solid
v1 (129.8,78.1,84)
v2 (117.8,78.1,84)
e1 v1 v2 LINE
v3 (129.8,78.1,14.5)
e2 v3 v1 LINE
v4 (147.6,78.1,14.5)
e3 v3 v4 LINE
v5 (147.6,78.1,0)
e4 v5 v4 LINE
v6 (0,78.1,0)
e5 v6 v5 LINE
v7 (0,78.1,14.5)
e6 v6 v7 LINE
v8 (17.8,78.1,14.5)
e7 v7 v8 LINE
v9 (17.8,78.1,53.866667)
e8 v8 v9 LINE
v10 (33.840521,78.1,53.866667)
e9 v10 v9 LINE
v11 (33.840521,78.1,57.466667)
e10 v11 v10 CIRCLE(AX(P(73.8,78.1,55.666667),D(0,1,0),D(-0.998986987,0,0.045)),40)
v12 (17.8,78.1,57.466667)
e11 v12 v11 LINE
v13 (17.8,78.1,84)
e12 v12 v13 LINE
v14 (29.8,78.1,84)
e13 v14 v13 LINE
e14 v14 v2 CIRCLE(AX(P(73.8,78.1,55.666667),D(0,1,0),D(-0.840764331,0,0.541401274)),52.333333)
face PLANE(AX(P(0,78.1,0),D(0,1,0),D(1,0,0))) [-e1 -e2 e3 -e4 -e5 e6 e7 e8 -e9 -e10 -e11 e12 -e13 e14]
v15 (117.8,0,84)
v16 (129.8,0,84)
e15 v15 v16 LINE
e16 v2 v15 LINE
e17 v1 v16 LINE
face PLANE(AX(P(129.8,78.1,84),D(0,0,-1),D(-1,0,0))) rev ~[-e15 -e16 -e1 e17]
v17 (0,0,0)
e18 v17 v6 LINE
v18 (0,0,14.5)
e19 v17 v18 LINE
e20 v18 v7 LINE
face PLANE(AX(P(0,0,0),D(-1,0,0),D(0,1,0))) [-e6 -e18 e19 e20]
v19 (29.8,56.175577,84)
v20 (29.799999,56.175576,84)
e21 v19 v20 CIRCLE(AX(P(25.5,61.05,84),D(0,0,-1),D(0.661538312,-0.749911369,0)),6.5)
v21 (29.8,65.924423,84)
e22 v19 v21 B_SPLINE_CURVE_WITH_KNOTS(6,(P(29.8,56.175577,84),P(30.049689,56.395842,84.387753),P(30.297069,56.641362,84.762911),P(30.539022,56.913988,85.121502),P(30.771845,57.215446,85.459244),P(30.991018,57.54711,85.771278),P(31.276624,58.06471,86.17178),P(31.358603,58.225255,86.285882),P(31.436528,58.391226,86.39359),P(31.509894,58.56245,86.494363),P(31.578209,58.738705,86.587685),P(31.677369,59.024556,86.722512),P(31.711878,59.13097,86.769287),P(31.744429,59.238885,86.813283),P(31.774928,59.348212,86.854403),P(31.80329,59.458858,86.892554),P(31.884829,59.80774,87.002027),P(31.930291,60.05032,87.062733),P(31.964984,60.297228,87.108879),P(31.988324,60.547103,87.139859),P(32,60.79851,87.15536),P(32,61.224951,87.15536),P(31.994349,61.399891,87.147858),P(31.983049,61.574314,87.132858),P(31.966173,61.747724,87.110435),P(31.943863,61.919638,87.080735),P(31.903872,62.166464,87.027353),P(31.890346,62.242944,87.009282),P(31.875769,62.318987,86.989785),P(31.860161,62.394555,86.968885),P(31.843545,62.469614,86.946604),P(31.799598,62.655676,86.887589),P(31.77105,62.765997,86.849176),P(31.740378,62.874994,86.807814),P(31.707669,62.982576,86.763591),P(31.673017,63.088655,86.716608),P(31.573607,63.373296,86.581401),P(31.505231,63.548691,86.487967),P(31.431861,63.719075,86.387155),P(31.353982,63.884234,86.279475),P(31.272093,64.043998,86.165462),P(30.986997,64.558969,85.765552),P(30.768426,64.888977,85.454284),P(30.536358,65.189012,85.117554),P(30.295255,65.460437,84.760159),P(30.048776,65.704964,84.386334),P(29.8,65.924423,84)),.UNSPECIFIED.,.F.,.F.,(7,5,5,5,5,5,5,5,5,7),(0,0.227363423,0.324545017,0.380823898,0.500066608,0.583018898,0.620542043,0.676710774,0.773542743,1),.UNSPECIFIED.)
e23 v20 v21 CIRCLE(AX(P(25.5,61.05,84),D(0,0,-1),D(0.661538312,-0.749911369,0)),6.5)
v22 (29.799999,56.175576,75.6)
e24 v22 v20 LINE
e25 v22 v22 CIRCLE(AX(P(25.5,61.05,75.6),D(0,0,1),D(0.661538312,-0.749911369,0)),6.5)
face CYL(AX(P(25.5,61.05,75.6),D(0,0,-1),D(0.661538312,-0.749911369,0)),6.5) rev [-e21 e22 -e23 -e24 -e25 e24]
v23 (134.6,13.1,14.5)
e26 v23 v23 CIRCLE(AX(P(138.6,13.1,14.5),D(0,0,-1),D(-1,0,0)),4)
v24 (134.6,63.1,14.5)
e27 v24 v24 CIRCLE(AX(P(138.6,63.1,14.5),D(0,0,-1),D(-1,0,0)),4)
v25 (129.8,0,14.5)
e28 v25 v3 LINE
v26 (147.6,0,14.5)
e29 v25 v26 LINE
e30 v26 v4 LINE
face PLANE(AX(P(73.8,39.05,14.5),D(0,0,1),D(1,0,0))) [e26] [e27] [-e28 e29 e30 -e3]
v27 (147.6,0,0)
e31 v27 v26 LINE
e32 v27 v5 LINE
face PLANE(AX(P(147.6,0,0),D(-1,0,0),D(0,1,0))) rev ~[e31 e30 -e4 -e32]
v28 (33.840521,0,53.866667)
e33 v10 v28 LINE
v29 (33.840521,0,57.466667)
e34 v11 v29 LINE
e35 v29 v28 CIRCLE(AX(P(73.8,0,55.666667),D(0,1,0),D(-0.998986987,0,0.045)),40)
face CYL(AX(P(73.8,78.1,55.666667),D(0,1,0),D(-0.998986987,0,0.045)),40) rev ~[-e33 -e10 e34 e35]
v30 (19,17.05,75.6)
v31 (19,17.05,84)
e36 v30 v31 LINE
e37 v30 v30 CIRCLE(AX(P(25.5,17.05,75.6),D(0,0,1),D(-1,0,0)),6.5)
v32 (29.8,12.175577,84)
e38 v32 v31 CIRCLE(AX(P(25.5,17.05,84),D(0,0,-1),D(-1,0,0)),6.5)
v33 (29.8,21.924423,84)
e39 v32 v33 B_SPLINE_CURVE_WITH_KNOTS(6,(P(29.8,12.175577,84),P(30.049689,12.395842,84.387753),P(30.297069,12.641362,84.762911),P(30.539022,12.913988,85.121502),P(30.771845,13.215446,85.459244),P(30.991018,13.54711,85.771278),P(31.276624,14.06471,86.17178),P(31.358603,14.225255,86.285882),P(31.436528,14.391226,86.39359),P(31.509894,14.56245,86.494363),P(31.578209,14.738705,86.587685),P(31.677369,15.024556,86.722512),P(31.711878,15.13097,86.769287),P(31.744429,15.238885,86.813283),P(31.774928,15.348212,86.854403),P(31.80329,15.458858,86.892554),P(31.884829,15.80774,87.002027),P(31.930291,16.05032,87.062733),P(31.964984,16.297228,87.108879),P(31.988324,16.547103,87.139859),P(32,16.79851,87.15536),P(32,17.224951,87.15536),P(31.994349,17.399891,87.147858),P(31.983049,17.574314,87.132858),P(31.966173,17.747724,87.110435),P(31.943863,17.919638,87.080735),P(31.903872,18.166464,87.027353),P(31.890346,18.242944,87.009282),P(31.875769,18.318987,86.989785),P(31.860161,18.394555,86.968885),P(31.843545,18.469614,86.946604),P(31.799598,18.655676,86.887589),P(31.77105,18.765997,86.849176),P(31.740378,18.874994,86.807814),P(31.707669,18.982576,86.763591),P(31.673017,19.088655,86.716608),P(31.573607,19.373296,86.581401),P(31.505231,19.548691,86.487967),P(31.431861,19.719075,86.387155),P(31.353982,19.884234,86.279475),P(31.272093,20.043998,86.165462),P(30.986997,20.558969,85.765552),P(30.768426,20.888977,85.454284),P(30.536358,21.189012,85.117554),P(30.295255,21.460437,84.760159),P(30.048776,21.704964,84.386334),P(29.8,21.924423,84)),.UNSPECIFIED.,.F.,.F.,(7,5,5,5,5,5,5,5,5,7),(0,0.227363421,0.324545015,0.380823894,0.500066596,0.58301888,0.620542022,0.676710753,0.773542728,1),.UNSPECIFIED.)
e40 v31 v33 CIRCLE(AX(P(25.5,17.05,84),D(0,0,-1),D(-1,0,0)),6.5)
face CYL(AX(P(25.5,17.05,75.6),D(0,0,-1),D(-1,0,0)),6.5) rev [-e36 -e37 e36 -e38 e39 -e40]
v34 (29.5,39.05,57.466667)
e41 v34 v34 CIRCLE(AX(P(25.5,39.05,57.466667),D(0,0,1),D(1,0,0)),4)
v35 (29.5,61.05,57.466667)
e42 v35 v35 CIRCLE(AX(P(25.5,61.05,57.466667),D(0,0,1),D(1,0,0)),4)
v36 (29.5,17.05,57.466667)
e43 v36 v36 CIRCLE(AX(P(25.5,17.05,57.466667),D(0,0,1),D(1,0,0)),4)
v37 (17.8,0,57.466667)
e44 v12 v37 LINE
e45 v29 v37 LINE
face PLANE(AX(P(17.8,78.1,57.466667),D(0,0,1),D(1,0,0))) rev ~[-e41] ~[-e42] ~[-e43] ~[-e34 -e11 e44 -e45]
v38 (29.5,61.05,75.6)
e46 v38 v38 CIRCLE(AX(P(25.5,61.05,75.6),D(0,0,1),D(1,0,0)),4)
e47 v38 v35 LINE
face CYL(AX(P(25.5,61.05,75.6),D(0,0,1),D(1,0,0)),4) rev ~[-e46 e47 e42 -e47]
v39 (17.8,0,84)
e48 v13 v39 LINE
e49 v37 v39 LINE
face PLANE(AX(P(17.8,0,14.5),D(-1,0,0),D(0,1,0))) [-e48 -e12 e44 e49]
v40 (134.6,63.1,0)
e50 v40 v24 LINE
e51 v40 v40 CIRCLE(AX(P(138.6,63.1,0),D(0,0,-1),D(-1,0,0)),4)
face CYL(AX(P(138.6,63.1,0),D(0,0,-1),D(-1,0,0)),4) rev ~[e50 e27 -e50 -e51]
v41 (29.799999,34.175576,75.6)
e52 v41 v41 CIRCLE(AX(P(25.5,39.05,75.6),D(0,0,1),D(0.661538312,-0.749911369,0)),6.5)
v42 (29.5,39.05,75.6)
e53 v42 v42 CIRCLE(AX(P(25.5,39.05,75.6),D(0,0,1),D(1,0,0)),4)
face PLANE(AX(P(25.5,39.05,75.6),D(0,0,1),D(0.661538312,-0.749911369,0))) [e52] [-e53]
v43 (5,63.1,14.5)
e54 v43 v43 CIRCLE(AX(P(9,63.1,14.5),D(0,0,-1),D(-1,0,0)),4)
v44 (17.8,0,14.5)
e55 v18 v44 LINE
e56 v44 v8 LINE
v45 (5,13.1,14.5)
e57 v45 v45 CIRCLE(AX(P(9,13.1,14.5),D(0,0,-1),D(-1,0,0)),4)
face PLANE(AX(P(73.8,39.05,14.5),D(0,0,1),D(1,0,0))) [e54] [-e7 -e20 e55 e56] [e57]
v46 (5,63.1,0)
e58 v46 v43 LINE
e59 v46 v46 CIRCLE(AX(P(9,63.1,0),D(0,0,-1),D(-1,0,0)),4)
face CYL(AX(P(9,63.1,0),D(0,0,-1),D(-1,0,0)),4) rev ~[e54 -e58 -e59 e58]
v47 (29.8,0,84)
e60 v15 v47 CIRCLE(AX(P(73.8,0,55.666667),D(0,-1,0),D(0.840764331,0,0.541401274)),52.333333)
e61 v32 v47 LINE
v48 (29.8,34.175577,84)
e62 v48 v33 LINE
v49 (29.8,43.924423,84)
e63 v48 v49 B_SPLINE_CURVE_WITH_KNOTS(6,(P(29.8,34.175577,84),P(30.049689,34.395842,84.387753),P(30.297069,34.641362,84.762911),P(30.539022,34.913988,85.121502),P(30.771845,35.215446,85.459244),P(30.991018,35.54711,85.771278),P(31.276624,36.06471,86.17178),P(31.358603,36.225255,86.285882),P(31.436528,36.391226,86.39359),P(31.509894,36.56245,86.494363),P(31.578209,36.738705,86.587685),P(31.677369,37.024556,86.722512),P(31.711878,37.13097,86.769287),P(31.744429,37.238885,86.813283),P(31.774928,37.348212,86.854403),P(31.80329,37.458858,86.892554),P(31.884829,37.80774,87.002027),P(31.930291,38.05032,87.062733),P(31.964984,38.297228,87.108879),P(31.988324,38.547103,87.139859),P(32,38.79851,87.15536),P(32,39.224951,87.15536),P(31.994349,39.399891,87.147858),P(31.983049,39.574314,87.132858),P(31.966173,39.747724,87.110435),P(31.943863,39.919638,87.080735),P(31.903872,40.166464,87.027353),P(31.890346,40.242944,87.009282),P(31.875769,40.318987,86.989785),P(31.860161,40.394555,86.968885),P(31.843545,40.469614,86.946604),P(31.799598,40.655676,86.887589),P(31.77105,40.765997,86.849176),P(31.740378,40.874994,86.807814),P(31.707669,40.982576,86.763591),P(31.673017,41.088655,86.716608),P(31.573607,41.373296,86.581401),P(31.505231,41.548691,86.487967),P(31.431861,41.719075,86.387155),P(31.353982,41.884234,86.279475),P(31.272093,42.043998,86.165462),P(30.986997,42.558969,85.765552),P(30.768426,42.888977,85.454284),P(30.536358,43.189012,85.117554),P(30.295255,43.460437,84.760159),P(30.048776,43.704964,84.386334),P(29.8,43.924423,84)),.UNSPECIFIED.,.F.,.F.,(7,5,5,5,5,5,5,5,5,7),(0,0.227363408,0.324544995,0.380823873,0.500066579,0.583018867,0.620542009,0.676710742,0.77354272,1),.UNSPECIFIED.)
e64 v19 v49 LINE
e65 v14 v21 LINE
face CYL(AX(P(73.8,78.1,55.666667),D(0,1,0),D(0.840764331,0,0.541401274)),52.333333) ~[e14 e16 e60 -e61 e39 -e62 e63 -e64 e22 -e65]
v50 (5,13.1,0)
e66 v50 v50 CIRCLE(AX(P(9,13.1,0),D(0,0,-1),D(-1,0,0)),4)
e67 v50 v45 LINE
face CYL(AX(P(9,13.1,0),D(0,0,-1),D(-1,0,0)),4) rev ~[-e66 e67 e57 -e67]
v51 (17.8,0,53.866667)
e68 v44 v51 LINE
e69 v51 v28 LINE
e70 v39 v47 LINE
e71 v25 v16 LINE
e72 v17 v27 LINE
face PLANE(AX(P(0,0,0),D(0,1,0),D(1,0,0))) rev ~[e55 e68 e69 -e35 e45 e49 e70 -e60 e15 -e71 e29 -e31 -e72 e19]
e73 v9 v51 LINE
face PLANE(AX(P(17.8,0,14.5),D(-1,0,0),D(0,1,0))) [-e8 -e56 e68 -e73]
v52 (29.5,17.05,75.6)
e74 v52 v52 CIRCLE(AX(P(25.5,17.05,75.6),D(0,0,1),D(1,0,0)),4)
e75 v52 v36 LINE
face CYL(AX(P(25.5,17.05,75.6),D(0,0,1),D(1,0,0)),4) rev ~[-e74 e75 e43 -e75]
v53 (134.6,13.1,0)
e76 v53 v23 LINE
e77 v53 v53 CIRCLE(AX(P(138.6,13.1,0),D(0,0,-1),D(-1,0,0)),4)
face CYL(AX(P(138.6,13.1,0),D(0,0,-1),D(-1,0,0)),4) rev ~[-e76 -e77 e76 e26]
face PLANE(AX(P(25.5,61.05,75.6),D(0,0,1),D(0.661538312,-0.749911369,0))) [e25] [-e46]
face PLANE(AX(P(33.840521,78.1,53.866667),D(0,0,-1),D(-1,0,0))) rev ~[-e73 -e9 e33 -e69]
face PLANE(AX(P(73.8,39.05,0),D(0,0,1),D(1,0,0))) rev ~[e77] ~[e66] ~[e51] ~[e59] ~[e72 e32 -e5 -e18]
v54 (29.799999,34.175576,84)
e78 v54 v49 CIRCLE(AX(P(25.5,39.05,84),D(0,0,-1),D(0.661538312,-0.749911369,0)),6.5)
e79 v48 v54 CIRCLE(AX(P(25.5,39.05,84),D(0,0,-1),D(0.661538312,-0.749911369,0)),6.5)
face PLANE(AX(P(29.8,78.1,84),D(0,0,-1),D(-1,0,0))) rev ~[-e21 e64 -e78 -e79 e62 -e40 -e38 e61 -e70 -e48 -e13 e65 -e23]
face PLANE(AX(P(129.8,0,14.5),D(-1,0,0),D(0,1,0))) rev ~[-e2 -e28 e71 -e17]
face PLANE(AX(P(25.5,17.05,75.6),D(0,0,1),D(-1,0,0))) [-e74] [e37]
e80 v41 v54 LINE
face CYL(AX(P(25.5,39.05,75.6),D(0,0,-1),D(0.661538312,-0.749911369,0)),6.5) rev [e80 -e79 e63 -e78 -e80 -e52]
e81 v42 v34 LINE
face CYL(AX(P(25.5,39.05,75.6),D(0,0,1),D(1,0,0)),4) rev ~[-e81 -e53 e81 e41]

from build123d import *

# Parameters (mm, degrees)
SKETCH1_W               = 147.6
SKETCH1_H               = 78.1
BOSS_EXTRUDE1_DEPTH     = 14.5
SKETCH2_W               = 112
SKETCH2_H               = 78.1
BOSS_EXTRUDE2_DEPTH     = 93.5
CUT_EXTRUDE1_REACH      = 200.87
CUT_EXTRUDE2_DEPTH      = 8.4
CUT_EXTRUDE2_DEPTH_BACK = 8.4
SKETCH4_R               = 6.5
CUT_EXTRUDE3_REACH      = 185.305
SKETCH5_R               = 4
SKETCH7_R               = 4
CUT_EXTRUDE4_DEPTH      = 199.870234166


with BuildPart() as part:
    # Sketch1 → Boss-Extrude1 (new body)
    with BuildSketch(Plane.XY):
        with Locations((73.8, 39.05)):
            Rectangle(SKETCH1_W, SKETCH1_H)
    extrude(amount=BOSS_EXTRUDE1_DEPTH)

    # Sketch2 → Boss-Extrude2 (add)
    with BuildSketch(Plane.XY.offset(14.5)):
        with Locations((73.8, 39.05)):
            Rectangle(SKETCH2_W, SKETCH2_H)
    extrude(amount=BOSS_EXTRUDE2_DEPTH)

    # Sketch3 → Cut-Extrude1 (cut, up to next)
    with BuildSketch(Plane(origin=(0, 78.1, 0), x_dir=(1, 0, 0), z_dir=(0, 1, 0)), mode=Mode.PRIVATE) as cut_extrude1_sk1:
        with BuildLine():
            ThreePointArc((117.8, -84), (98.859928172, -101.609868316), (73.8, -108))
            Line((73.8, -108), (129.8, -108))
            Line((129.8, -108), (129.8, -84))
            Line((129.8, -84), (117.8, -84))
        make_face()
    cut_extrude1_tool1 = extrude(cut_extrude1_sk1.sketch, amount=-CUT_EXTRUDE1_REACH, mode=Mode.PRIVATE) & part.part
    # Sketch3 → Cut-Extrude1 (cut, up to next)
    with BuildSketch(Plane(origin=(0, 78.1, 0), x_dir=(1, 0, 0), z_dir=(0, 1, 0)), mode=Mode.PRIVATE) as cut_extrude1_sk2:
        with BuildLine():
            Line((29.8, -84), (17.8, -84))
            Line((17.8, -84), (17.8, -108))
            Line((17.8, -108), (73.8, -108))
            ThreePointArc((73.8, -108), (48.740071828, -101.609868316), (29.8, -84))
        make_face()
    cut_extrude1_tool2 = extrude(cut_extrude1_sk2.sketch, amount=-CUT_EXTRUDE1_REACH, mode=Mode.PRIVATE) & part.part
    # Sketch3 → Cut-Extrude1 (cut, up to next)
    with BuildSketch(Plane(origin=(0, 78.1, 0), x_dir=(1, 0, 0), z_dir=(0, 1, 0)), mode=Mode.PRIVATE) as cut_extrude1_sk3:
        with BuildLine():
            Line((17.8, -53.866666667), (17.8, -57.466666667))
            Line((17.8, -57.466666667), (33.840520524, -57.466666667))
            ThreePointArc((33.840520524, -57.466666667), (113.8, -55.666666667), (33.840520524, -53.866666667))
            Line((33.840520524, -53.866666667), (17.8, -53.866666667))
        make_face()
    cut_extrude1_tool3 = extrude(cut_extrude1_sk3.sketch, amount=-CUT_EXTRUDE1_REACH, mode=Mode.PRIVATE) & part.part
    add(cut_extrude1_tool1.solids().sort_by_distance((115.258406, 78.1, 98.707997))[0], mode=Mode.SUBTRACT)
    add(cut_extrude1_tool2.solids().sort_by_distance((32.341594, 78.1, 98.707997))[0], mode=Mode.SUBTRACT)
    add(cut_extrude1_tool3.solids().sort_by_distance((73.255815, 78.1, 55.666667))[0], mode=Mode.SUBTRACT)

    # Sketch4 → Cut-Extrude2 (cut, two sides: drawn at the far end of the back side and taken through both)
    with BuildSketch(Plane.XY.offset(84).offset(-CUT_EXTRUDE2_DEPTH_BACK)):
        with Locations((25.5, 61.05)):
            Circle(SKETCH4_R)
        with Locations((25.5, 39.05)):
            Circle(SKETCH4_R)
        with Locations((25.5, 17.05)):
            Circle(SKETCH4_R)
    extrude(amount=CUT_EXTRUDE2_DEPTH + CUT_EXTRUDE2_DEPTH_BACK, mode=Mode.SUBTRACT)

    # Sketch5 → Cut-Extrude3 (cut, up to next)
    with BuildSketch(Plane.XY.offset(75.6), mode=Mode.PRIVATE) as cut_extrude3_sk1:
        with Locations((25.5, 61.05)):
            Circle(SKETCH5_R)
    cut_extrude3_tool1 = extrude(cut_extrude3_sk1.sketch, amount=-CUT_EXTRUDE3_REACH, mode=Mode.PRIVATE) & part.part
    # Sketch5 → Cut-Extrude3 (cut, up to next)
    with BuildSketch(Plane.XY.offset(75.6), mode=Mode.PRIVATE) as cut_extrude3_sk2:
        with Locations((25.5, 39.05)):
            Circle(SKETCH5_R)
    cut_extrude3_tool2 = extrude(cut_extrude3_sk2.sketch, amount=-CUT_EXTRUDE3_REACH, mode=Mode.PRIVATE) & part.part
    # Sketch5 → Cut-Extrude3 (cut, up to next)
    with BuildSketch(Plane.XY.offset(75.6), mode=Mode.PRIVATE) as cut_extrude3_sk3:
        with Locations((25.5, 17.05)):
            Circle(SKETCH5_R)
    cut_extrude3_tool3 = extrude(cut_extrude3_sk3.sketch, amount=-CUT_EXTRUDE3_REACH, mode=Mode.PRIVATE) & part.part
    add(cut_extrude3_tool1.solids().sort_by_distance((25.5, 61.05, 75.6))[0], mode=Mode.SUBTRACT)
    add(cut_extrude3_tool2.solids().sort_by_distance((25.5, 39.05, 75.6))[0], mode=Mode.SUBTRACT)
    add(cut_extrude3_tool3.solids().sort_by_distance((25.5, 17.05, 75.6))[0], mode=Mode.SUBTRACT)

    # Sketch7 → Cut-Extrude4 (cut, through all)
    with BuildSketch(Plane(origin=(0, 0, 0), x_dir=(-1, 0, 0), z_dir=(0, 0, -1))):
        with Locations((-9, 63.1)):
            Circle(SKETCH7_R)
        with Locations((-9, 13.1)):
            Circle(SKETCH7_R)
        with Locations((-138.6, 13.1)):
            Circle(SKETCH7_R)
        with Locations((-138.6, 63.1)):
            Circle(SKETCH7_R)
    extrude(amount=-CUT_EXTRUDE4_DEPTH, mode=Mode.SUBTRACT)


solid = part.part
